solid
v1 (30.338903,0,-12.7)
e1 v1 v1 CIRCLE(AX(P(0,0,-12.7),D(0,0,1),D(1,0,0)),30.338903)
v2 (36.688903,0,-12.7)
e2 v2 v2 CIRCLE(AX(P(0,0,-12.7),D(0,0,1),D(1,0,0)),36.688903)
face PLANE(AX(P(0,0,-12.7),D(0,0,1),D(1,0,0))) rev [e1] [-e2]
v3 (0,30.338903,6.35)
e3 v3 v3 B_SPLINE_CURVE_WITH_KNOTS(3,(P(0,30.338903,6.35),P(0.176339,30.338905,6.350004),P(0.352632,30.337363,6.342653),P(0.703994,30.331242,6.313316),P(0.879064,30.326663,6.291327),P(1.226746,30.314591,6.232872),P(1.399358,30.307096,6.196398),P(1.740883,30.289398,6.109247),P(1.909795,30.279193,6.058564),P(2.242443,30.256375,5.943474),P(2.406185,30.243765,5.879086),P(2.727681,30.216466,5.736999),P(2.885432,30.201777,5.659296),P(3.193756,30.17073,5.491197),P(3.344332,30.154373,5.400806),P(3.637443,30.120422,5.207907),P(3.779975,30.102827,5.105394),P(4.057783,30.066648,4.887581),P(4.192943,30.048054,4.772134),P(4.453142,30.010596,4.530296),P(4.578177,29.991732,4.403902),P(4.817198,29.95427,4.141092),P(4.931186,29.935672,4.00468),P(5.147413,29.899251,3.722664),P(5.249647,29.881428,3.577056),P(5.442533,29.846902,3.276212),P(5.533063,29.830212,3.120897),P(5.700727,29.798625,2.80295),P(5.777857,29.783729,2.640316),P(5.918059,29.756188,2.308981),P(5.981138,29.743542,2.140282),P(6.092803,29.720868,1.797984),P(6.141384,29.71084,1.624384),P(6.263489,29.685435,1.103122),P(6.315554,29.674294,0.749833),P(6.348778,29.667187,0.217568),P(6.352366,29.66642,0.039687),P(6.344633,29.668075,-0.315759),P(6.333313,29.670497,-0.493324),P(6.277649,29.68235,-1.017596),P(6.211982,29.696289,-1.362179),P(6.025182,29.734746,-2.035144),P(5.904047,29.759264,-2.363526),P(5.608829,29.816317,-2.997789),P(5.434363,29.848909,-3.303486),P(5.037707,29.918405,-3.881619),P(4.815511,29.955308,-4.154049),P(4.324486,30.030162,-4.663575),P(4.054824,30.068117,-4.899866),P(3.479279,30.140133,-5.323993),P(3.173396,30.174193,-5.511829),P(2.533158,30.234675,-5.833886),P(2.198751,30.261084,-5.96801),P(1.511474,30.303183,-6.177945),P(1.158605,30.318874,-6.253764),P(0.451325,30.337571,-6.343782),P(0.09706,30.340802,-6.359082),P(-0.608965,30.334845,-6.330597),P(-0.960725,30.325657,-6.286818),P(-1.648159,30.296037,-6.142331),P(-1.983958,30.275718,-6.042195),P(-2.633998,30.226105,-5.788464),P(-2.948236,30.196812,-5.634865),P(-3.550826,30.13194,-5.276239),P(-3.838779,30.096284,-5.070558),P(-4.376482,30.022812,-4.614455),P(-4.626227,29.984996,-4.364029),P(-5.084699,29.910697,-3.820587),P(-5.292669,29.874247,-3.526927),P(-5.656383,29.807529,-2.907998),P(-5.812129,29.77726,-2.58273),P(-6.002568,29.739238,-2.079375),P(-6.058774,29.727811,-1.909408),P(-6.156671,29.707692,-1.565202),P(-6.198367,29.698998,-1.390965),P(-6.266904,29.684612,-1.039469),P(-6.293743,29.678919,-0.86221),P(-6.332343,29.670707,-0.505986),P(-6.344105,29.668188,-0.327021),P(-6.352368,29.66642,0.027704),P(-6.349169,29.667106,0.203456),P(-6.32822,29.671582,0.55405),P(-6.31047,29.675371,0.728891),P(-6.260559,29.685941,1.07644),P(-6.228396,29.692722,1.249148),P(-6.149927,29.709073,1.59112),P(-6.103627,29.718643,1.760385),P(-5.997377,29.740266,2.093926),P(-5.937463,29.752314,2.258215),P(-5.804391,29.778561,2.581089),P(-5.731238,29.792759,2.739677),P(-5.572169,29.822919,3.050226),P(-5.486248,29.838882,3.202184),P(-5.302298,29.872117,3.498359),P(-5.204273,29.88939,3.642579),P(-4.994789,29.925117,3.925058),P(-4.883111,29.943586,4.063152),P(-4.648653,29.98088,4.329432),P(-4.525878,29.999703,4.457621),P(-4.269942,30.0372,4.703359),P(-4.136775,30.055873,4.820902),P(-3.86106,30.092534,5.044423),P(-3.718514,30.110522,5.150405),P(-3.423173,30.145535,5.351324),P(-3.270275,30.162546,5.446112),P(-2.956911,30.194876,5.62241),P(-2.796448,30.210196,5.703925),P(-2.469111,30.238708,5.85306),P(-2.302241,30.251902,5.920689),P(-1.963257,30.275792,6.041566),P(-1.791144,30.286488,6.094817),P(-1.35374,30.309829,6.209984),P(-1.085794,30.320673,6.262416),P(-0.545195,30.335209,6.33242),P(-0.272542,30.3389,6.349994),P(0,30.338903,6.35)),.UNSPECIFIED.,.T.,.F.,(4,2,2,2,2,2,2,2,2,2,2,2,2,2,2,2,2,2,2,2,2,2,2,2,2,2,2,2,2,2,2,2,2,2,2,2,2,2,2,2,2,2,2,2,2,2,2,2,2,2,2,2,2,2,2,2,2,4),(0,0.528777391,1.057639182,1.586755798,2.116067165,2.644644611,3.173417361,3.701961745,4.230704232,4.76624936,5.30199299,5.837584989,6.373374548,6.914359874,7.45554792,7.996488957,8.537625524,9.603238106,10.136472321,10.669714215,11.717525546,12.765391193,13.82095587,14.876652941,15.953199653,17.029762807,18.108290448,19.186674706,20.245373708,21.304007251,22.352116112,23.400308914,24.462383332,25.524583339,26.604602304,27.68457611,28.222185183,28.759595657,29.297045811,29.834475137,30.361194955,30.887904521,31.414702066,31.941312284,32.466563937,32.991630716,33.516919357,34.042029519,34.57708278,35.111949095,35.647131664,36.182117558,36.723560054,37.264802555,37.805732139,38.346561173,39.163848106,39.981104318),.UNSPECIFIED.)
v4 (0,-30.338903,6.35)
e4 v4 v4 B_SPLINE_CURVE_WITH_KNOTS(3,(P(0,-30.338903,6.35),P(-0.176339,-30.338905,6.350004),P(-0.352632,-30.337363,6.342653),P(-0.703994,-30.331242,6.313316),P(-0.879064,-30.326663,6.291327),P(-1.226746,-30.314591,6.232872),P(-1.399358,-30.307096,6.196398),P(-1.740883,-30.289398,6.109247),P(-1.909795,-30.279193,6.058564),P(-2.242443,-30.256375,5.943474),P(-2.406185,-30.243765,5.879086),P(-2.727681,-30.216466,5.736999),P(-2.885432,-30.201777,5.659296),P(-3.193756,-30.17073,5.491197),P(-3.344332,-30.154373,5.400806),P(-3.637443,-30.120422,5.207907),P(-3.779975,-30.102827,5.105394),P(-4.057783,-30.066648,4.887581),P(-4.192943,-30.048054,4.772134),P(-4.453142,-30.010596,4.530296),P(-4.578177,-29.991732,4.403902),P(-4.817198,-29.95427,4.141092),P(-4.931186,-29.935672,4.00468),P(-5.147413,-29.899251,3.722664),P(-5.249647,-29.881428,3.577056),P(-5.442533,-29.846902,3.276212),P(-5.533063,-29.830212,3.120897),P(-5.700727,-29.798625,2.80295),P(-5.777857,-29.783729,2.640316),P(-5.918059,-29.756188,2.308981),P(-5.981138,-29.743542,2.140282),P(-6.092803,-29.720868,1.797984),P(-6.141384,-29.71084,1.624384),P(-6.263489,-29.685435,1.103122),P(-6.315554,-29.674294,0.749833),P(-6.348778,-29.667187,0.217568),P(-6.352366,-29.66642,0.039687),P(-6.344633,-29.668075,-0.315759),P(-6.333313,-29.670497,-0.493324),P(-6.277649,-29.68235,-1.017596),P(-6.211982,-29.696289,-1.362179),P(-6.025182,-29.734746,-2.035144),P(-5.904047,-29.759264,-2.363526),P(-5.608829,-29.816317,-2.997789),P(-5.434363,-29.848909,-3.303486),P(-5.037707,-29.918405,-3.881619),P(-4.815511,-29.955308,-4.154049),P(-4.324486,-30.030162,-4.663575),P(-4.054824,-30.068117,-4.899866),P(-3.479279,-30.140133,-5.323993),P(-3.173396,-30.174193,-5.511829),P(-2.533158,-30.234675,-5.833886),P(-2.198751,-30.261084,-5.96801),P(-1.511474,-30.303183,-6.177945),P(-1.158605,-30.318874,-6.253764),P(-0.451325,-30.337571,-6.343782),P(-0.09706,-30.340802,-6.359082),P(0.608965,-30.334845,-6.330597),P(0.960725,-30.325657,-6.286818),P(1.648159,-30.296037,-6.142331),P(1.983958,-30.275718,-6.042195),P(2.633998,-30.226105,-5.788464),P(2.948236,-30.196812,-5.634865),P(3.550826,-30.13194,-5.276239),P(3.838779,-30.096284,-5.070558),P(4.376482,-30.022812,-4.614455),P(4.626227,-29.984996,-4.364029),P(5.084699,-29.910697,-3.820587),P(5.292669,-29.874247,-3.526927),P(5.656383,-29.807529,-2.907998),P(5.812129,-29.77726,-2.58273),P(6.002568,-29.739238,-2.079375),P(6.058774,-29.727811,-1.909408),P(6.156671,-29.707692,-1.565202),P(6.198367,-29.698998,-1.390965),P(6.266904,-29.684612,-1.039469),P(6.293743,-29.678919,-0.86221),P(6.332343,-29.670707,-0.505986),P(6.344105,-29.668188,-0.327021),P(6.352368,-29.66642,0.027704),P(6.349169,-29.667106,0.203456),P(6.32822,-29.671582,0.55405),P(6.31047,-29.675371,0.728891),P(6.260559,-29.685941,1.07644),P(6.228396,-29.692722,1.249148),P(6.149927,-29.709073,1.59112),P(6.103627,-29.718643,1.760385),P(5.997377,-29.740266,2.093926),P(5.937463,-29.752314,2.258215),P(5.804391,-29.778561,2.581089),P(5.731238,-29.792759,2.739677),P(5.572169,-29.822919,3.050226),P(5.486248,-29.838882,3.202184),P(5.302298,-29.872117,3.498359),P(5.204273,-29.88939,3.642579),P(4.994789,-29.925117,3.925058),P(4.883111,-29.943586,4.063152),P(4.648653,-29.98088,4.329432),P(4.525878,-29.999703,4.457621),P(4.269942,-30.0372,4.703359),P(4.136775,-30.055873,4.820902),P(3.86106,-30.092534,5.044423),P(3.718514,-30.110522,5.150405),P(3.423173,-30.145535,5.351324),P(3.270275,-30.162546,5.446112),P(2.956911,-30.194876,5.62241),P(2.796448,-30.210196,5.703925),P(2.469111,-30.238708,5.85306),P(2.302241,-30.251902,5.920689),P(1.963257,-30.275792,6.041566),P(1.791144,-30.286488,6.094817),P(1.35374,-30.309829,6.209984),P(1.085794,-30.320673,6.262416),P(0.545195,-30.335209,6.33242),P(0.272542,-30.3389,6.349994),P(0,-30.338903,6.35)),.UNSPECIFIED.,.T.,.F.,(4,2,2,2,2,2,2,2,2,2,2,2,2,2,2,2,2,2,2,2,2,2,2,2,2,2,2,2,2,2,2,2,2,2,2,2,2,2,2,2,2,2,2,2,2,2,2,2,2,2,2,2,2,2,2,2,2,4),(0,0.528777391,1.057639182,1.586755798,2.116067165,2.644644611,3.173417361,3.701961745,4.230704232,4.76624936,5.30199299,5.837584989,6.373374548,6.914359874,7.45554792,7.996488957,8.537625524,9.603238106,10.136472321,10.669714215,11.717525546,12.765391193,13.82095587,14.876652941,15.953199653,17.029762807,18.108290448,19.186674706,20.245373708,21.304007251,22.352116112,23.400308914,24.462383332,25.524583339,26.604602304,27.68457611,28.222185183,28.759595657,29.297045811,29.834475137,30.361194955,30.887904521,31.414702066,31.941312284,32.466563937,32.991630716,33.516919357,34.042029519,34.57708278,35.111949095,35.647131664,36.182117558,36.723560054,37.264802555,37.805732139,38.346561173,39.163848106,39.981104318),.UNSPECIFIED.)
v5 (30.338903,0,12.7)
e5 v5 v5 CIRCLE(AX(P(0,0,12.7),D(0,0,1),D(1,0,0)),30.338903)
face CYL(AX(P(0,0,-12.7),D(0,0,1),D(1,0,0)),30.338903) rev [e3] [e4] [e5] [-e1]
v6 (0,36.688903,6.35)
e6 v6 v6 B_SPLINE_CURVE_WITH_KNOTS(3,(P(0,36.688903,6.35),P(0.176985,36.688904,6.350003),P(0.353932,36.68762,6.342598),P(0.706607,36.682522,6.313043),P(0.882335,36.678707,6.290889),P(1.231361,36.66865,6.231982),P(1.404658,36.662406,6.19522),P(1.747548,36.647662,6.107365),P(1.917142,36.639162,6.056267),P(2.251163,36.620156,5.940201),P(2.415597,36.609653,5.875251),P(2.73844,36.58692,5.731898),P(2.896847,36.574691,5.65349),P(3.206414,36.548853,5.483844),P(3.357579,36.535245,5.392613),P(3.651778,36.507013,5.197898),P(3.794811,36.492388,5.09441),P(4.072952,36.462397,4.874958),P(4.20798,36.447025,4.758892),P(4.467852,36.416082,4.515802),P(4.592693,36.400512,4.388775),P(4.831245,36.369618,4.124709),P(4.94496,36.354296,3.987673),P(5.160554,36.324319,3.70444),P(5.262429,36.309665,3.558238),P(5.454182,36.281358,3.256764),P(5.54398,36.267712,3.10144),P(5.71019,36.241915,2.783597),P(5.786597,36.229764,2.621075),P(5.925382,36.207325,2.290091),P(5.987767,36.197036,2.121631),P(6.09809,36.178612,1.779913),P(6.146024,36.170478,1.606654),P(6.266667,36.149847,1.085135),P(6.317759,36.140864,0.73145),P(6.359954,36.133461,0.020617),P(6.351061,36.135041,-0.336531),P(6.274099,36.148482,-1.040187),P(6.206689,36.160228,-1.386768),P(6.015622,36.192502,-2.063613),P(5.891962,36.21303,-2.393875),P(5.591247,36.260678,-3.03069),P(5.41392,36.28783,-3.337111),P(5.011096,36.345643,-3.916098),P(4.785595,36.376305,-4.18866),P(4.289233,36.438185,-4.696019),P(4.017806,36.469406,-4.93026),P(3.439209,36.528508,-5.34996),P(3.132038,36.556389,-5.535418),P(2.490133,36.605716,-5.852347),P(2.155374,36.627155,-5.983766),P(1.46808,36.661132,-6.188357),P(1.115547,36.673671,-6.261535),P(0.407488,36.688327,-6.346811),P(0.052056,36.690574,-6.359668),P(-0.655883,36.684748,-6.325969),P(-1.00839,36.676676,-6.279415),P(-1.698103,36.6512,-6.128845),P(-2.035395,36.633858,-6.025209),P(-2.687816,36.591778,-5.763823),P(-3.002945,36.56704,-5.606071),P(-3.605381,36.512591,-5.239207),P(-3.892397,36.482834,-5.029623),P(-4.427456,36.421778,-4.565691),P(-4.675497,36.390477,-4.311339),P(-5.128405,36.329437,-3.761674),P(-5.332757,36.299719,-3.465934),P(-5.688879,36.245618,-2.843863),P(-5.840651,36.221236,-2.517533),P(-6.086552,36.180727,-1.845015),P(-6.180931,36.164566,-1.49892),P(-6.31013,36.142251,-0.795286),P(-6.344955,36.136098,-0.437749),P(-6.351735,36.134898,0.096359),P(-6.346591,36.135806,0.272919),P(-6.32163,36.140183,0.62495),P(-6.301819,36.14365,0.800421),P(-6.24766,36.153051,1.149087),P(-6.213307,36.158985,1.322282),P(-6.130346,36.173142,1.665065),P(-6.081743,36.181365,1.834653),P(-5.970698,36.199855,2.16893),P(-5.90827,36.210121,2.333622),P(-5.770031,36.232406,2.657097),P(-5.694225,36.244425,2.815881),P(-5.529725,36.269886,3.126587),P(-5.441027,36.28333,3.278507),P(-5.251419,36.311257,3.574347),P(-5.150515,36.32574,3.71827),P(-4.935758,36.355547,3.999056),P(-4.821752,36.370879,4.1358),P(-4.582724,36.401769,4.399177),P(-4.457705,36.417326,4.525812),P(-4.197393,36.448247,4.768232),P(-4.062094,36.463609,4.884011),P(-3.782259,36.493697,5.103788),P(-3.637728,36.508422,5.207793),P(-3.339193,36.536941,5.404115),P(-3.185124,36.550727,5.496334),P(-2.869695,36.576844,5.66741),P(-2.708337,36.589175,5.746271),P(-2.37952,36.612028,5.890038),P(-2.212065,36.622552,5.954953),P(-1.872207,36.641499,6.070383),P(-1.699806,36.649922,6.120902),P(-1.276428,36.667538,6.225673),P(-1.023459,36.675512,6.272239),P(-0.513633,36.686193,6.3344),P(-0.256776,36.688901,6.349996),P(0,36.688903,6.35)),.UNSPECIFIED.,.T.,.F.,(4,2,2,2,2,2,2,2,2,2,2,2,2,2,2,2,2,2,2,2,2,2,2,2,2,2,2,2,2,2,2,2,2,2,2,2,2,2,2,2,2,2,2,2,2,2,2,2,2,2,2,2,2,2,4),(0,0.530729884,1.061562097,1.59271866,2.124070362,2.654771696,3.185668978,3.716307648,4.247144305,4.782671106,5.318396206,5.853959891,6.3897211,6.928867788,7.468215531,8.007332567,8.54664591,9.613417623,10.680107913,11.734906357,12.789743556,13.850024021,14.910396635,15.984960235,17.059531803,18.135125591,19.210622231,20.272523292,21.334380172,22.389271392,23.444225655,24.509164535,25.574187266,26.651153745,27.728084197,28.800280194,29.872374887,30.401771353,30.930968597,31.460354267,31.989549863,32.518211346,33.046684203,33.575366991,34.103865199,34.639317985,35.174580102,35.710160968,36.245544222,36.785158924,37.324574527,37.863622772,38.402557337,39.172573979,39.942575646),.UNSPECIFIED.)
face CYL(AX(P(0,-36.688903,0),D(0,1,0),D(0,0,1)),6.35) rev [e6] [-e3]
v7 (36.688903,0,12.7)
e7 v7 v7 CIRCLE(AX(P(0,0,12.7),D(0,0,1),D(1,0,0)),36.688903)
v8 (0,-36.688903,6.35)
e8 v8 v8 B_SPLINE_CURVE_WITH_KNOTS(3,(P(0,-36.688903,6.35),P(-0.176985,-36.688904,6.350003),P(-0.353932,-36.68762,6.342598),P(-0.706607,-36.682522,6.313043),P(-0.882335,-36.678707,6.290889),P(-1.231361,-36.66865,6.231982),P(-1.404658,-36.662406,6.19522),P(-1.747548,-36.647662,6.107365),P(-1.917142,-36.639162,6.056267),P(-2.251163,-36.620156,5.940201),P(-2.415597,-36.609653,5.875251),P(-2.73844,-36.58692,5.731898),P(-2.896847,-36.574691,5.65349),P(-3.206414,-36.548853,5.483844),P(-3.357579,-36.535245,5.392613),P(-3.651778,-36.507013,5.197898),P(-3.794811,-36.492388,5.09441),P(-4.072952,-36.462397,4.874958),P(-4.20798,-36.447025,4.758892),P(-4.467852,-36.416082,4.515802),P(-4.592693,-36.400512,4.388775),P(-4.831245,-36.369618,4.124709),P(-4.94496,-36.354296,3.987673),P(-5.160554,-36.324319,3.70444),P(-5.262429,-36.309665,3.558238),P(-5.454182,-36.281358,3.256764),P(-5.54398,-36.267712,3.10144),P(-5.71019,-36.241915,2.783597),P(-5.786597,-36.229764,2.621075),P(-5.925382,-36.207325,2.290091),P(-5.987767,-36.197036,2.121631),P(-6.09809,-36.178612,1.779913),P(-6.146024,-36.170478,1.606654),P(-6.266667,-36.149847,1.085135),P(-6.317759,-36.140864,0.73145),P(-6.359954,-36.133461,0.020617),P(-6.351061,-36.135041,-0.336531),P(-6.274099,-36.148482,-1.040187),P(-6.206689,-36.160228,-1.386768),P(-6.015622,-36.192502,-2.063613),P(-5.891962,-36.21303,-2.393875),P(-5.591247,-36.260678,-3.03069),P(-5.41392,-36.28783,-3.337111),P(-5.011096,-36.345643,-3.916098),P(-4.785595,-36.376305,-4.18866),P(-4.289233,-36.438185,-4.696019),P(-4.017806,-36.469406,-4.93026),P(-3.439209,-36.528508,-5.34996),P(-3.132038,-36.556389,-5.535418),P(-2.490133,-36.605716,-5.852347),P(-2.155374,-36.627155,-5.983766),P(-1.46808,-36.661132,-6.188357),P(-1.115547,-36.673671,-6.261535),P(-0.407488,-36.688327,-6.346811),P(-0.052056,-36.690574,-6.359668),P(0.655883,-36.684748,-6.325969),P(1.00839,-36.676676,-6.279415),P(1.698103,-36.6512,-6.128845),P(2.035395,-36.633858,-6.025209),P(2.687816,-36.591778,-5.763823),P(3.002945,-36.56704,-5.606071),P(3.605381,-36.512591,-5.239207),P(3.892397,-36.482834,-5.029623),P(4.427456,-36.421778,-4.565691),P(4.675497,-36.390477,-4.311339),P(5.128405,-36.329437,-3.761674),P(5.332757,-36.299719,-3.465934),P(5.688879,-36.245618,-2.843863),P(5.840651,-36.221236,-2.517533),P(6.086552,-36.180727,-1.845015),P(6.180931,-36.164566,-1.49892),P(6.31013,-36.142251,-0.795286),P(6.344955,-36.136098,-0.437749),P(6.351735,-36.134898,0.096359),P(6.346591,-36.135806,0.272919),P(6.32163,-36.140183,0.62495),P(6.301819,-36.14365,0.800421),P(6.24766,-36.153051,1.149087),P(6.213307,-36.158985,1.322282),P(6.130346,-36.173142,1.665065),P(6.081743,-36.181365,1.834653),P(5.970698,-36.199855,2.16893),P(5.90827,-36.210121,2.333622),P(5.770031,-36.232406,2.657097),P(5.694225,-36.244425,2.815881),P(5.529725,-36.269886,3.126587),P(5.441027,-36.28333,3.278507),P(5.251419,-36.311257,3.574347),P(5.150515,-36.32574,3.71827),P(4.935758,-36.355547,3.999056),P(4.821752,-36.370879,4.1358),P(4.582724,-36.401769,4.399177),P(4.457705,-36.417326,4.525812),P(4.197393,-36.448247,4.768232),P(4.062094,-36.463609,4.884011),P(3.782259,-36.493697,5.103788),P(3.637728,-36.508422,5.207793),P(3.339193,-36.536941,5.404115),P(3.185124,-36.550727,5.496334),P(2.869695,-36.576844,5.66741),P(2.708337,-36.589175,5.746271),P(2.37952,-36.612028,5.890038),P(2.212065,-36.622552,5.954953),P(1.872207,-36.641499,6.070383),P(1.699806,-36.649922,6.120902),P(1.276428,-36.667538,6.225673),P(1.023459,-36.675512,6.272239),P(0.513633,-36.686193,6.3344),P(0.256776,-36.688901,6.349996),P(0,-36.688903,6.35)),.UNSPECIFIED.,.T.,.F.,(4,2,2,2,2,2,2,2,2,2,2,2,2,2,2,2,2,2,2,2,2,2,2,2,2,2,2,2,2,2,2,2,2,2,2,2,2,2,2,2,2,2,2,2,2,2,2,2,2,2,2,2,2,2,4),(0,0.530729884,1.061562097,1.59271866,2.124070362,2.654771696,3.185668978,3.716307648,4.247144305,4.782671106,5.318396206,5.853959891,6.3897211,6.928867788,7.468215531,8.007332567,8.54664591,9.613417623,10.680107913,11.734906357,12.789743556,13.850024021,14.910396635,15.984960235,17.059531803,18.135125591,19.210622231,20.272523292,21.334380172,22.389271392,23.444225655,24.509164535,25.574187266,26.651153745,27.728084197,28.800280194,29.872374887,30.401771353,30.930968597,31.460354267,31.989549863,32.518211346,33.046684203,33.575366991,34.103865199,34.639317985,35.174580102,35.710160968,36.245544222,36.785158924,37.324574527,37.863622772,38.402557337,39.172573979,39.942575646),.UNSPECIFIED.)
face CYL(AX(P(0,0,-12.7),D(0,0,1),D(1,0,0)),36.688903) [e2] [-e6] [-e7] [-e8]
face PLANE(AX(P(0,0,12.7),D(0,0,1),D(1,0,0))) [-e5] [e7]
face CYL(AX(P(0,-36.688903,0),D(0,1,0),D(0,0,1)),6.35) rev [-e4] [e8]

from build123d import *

# Parameters (mm, degrees)
RING_DEPTH            = 12.7
RING_DEPTH_BACK       = 12.7
SKETCH1_R             = 36.688903
SKETCH1_R_2           = 30.338903
SHAFT_HOLE_DEPTH      = 54.417611391
SHAFT_HOLE_DEPTH_BACK = 54.417611391
SKETCH5_R             = 6.35


with BuildPart() as part:
    # Sketch1 → Ring (new, two sides: drawn at the far end of the back side and taken through both)
    with BuildSketch(Plane.XY.offset(-RING_DEPTH_BACK)):
        Circle(SKETCH1_R)
        Circle(SKETCH1_R_2, mode=Mode.SUBTRACT)
    extrude(amount=RING_DEPTH + RING_DEPTH_BACK)

    # Sketch5 → Shaft Hole (cut, two sides: drawn at the far end of the back side and taken through both)
    with BuildSketch(Plane(origin=(0, 0, 0), x_dir=(1, 0, 0), z_dir=(0, 1, 0)).offset(-SHAFT_HOLE_DEPTH_BACK)):
        Circle(SKETCH5_R)
    extrude(amount=SHAFT_HOLE_DEPTH + SHAFT_HOLE_DEPTH_BACK, mode=Mode.SUBTRACT)


solid = part.part
